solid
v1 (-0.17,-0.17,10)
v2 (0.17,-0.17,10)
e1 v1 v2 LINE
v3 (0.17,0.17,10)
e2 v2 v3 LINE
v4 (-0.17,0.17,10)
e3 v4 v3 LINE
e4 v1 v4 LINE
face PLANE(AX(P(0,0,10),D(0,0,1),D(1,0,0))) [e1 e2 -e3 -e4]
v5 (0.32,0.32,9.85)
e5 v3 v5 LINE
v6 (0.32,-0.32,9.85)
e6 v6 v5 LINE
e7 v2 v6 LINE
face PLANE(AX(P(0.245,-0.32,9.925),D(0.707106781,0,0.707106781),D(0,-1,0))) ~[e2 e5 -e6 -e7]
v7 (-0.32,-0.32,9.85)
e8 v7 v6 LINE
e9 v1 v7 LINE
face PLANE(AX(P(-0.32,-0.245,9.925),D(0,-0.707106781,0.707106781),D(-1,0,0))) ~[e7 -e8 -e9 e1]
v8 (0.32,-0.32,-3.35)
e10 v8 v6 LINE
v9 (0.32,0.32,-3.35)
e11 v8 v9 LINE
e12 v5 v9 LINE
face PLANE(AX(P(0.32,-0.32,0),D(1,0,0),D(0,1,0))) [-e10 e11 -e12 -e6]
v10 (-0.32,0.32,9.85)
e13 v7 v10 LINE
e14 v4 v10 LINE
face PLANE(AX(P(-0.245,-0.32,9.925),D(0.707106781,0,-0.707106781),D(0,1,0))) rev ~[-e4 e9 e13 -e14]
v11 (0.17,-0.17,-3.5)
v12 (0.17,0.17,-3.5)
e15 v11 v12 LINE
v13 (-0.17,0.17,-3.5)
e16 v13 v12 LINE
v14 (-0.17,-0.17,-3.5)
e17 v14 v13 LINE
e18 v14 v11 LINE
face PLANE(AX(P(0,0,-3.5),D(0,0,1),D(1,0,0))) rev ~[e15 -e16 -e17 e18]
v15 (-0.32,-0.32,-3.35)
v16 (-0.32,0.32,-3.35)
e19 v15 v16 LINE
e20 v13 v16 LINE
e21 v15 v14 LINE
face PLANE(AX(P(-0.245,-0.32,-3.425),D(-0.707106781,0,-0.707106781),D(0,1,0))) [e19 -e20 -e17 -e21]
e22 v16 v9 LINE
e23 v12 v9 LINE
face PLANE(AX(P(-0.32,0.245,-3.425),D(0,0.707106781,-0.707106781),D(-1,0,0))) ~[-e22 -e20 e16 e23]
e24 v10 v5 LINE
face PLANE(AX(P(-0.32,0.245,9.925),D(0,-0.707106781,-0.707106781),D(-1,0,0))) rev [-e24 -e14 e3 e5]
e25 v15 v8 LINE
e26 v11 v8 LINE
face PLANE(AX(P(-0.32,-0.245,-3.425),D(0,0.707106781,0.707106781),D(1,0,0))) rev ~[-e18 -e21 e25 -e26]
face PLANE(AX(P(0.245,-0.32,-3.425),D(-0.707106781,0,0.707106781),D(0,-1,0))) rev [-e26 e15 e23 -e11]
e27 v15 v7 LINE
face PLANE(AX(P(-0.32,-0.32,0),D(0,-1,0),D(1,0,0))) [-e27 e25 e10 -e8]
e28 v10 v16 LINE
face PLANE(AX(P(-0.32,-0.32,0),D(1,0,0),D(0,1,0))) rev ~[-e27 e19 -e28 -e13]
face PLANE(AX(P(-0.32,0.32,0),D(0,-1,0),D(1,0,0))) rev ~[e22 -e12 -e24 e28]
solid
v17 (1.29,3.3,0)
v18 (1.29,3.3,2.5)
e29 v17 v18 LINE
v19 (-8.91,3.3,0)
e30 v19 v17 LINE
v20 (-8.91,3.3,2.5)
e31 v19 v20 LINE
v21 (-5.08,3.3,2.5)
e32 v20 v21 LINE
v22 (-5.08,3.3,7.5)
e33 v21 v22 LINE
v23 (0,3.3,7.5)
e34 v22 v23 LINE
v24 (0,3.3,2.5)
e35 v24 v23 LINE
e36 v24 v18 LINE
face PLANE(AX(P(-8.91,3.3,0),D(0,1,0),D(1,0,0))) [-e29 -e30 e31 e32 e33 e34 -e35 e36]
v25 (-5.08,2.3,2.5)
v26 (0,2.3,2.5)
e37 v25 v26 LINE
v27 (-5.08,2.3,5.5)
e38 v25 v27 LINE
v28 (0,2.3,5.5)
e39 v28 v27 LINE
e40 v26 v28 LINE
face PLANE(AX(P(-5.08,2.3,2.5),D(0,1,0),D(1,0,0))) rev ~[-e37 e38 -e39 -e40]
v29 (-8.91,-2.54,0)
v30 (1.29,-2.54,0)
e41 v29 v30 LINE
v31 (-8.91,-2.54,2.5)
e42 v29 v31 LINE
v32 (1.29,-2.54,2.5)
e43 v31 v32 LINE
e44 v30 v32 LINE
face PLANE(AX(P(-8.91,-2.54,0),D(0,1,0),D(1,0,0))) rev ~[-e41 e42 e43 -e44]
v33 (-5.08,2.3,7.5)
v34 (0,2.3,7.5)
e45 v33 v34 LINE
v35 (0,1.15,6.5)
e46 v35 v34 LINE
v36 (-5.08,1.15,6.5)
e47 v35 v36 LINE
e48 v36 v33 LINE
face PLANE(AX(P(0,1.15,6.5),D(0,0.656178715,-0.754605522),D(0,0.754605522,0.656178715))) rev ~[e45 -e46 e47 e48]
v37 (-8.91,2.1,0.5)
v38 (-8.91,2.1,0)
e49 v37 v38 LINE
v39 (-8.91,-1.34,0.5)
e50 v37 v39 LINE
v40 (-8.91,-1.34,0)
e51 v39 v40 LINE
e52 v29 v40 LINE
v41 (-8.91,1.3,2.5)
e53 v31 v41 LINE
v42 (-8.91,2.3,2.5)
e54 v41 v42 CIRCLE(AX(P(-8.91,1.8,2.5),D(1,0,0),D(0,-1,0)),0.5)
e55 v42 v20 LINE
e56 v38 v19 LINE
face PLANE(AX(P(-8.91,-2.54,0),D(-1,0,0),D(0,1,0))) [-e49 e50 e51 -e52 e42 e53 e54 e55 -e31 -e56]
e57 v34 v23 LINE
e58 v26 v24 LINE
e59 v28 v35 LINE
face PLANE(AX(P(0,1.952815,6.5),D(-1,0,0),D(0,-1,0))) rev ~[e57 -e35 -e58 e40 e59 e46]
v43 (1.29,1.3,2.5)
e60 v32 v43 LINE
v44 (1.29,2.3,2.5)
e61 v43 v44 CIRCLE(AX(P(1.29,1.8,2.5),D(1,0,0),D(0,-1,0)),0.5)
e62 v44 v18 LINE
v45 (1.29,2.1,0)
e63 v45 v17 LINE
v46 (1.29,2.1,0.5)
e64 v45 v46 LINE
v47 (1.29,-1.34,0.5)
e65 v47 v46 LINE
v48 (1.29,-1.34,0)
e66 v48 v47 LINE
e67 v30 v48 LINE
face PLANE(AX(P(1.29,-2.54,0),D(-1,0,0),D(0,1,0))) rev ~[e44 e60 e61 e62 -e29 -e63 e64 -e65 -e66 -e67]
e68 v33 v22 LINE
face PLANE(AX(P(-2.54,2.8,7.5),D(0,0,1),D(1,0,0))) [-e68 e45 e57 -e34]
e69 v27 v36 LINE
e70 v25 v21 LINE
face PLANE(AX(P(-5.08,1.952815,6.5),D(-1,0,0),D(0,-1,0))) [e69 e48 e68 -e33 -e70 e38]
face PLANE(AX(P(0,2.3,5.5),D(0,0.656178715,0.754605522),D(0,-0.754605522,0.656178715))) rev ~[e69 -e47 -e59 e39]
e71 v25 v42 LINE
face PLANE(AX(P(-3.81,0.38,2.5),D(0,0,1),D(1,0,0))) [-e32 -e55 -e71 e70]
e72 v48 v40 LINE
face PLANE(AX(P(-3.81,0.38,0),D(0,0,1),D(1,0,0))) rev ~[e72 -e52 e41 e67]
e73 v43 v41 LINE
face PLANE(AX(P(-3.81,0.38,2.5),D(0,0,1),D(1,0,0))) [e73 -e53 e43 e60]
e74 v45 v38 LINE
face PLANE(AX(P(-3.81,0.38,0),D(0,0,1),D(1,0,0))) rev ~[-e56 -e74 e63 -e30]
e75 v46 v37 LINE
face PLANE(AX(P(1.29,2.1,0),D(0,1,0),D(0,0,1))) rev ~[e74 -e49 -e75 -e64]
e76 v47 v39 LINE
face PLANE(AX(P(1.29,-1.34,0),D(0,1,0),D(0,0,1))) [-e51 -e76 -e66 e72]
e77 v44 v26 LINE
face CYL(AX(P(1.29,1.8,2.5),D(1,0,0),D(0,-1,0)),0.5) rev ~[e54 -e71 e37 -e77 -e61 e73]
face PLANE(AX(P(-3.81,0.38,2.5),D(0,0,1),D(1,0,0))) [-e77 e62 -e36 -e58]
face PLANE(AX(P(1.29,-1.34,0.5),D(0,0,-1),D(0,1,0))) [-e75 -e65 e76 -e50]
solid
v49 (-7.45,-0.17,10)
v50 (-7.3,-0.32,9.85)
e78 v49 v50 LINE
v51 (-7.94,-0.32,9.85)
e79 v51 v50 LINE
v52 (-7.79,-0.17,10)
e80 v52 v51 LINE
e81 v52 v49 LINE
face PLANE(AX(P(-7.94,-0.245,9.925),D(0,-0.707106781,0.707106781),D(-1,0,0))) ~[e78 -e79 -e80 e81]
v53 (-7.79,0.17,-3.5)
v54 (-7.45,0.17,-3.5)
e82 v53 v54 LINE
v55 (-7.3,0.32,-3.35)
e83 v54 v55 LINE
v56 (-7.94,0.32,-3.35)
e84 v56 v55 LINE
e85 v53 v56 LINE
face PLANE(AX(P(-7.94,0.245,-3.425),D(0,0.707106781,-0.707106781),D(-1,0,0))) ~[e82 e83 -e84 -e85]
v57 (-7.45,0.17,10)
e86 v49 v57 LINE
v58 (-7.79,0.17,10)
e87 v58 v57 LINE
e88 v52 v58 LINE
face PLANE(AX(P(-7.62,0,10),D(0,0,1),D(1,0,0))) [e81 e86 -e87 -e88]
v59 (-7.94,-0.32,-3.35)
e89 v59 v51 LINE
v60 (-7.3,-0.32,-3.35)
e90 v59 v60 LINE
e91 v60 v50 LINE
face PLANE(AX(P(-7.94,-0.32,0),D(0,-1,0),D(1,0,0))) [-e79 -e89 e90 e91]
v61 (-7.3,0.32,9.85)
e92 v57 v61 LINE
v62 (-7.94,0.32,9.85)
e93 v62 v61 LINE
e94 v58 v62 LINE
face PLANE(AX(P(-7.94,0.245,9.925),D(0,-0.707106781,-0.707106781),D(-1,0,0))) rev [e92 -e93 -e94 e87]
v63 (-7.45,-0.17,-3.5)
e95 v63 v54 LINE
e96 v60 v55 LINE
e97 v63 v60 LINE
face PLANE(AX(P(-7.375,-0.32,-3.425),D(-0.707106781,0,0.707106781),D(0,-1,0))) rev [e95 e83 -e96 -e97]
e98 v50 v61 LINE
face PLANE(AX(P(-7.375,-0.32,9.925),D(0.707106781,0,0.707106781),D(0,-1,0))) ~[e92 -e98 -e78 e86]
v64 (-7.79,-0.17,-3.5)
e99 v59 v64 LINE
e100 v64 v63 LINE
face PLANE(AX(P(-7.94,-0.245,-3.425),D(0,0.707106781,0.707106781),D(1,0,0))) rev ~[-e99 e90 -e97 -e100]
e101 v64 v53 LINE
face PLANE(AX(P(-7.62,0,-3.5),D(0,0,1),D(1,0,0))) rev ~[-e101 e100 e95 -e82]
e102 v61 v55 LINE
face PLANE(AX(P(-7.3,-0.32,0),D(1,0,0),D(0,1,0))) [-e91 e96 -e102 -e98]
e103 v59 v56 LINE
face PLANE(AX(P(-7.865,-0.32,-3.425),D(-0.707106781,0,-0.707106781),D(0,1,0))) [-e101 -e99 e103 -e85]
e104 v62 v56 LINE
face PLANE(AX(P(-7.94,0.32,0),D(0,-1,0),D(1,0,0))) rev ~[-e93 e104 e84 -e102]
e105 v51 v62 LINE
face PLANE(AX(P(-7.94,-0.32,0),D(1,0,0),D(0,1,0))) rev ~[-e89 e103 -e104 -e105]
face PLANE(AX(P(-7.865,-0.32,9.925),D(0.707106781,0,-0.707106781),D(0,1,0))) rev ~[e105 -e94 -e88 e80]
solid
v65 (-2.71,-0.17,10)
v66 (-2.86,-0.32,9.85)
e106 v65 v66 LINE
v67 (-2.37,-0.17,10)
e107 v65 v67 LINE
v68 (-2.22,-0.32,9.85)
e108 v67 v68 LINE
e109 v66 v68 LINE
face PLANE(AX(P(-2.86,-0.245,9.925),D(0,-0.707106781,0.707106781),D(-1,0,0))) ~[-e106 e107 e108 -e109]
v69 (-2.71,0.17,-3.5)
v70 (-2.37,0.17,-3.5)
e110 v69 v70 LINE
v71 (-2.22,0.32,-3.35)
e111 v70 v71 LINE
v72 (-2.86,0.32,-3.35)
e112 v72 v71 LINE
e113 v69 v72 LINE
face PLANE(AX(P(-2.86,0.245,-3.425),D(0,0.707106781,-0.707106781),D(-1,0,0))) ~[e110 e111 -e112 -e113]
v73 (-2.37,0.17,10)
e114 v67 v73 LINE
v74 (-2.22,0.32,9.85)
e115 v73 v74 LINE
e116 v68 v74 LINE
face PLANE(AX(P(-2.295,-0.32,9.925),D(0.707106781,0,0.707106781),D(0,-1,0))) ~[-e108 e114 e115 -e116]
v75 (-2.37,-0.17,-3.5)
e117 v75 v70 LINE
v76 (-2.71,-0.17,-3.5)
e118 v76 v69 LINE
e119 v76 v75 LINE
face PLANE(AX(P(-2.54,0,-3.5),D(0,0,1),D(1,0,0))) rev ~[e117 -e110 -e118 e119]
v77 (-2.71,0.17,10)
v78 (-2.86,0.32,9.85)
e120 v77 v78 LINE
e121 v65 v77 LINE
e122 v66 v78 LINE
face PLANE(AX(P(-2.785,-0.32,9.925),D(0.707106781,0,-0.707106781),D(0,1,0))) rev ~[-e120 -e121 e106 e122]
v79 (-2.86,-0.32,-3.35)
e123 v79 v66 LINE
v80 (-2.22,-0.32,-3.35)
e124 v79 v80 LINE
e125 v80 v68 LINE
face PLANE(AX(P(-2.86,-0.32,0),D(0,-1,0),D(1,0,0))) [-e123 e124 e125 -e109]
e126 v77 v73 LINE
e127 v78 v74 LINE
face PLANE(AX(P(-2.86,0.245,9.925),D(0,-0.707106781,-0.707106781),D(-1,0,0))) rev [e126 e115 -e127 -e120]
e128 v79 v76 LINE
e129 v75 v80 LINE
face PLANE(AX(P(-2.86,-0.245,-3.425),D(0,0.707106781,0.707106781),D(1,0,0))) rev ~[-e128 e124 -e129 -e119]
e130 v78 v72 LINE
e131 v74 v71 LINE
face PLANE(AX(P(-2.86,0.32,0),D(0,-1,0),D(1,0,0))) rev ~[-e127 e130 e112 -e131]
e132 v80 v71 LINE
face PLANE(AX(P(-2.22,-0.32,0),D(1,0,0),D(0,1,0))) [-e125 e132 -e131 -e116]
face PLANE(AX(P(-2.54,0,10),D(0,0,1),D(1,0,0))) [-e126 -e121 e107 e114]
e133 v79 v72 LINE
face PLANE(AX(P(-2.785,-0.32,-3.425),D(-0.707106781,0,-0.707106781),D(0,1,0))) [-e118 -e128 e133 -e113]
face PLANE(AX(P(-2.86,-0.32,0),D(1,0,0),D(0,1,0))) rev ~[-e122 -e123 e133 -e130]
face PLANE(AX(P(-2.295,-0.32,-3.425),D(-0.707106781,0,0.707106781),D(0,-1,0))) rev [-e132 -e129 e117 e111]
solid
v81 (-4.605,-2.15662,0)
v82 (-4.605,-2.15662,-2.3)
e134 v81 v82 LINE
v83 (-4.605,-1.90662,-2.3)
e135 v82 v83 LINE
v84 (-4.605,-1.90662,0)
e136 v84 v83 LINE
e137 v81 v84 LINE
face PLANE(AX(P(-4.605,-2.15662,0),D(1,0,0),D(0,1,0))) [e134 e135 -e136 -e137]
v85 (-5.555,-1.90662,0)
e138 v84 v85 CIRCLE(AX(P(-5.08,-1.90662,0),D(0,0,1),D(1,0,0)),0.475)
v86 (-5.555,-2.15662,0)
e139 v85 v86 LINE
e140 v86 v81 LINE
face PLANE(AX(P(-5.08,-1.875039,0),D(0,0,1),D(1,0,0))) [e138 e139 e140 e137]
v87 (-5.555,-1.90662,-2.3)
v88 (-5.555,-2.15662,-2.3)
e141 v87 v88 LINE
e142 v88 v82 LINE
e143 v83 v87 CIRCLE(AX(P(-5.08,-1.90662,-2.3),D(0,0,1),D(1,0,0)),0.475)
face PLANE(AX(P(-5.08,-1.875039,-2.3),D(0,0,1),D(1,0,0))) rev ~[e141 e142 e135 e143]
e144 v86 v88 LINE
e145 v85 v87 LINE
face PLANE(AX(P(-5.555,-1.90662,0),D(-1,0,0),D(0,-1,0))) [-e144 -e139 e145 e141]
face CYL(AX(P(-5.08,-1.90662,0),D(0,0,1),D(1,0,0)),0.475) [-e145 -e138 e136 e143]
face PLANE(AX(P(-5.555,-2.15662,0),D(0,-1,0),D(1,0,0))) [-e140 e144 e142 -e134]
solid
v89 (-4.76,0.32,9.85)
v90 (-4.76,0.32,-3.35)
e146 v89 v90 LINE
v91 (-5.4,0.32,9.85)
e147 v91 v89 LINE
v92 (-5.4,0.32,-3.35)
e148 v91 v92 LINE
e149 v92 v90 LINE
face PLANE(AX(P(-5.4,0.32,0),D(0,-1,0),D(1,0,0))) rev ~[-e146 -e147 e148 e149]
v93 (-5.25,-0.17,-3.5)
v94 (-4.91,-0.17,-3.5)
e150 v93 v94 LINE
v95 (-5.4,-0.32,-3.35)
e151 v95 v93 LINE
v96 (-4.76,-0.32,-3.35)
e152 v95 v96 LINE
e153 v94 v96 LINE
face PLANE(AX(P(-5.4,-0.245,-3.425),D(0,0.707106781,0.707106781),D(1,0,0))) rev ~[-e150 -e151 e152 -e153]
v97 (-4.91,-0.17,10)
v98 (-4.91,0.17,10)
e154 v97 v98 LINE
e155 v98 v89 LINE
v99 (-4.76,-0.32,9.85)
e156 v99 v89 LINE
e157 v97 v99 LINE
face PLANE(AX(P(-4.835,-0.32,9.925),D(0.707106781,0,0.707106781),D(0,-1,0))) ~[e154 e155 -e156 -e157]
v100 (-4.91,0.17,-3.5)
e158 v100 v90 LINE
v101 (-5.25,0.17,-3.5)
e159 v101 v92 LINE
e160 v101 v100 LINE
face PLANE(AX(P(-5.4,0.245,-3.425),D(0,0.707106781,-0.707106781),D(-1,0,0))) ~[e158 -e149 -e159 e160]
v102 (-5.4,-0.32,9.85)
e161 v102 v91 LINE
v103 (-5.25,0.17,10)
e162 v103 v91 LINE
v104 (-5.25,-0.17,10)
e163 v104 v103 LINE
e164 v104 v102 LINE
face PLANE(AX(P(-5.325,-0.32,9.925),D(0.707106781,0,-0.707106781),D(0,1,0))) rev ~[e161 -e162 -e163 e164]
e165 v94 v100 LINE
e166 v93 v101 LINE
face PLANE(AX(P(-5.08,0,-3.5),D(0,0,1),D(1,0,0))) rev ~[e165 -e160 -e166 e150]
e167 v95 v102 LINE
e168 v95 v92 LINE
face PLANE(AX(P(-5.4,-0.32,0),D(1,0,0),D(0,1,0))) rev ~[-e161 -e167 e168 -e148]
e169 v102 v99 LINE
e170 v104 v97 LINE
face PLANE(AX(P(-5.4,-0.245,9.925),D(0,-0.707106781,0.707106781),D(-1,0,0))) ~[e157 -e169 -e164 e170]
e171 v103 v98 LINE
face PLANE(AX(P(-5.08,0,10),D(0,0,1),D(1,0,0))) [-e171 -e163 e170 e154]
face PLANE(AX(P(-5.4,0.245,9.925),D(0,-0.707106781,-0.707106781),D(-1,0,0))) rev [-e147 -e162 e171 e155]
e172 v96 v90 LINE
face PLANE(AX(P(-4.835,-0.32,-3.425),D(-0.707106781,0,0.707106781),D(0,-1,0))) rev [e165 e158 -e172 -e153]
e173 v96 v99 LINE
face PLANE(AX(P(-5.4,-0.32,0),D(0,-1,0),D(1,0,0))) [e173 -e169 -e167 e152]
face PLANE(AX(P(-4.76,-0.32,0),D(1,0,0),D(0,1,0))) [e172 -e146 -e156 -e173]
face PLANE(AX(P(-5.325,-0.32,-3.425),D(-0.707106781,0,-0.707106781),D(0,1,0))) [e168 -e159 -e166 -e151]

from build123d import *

# Parameters (mm, degrees)
SKETCH_W          = 10.2
SKETCH_H          = 5.84
PAD_DEPTH         = 2.5
SKETCH001_W       = 5.08
SKETCH001_H       = 1
PAD001_DEPTH      = 5
PAD002_DEPTH      = 5.08
POCKET_DEPTH      = 10.201
SKETCH017_W       = 3.44
SKETCH017_H       = 0.5
POCKET001_DEPTH   = 10.201
PAD007_DEPTH      = 2.3
SKETCH011_W       = 0.64
SKETCH011_H       = 0.64
PAD003_DEPTH      = 10
PAD003_DEPTH_BACK = 3.5
CHAMFER_SIZE      = 0.15
CHAMFER004_SIZE   = 0.15
SKETCH012_W       = 0.64
SKETCH012_H       = 0.64
PAD004_DEPTH      = 10
PAD004_DEPTH_BACK = 3.5
CHAMFER001_SIZE   = 0.15
CHAMFER005_SIZE   = 0.15
SKETCH013_W       = 0.64
SKETCH013_H       = 0.64
PAD005_DEPTH      = 10
PAD005_DEPTH_BACK = 3.5
CHAMFER002_SIZE   = 0.15
CHAMFER006_SIZE   = 0.15
SKETCH014_W       = 0.64
SKETCH014_H       = 0.64
PAD006_DEPTH      = 10
PAD006_DEPTH_BACK = 3.5
CHAMFER003_SIZE   = 0.15
CHAMFER007_SIZE   = 0.15


with BuildPart() as pocket001:
    # Sketch → Pad (new body)
    with BuildSketch(Plane.XY):
        with Locations((-3.81, 0.38)):
            Rectangle(SKETCH_W, SKETCH_H)
    extrude(amount=PAD_DEPTH)

    # Sketch001 → Pad001 (new body)
    with BuildSketch(Plane.XY.offset(2.5)):
        with Locations((-2.54, 2.8)):
            Rectangle(SKETCH001_W, SKETCH001_H)
    extrude(amount=PAD001_DEPTH)

    # Sketch002 → Pad002 (new body)
    with BuildSketch(Plane.YZ):
        Polygon((2.3, 7.5), (2.3, 5.5), (1.15, 6.5), align=None)
    extrude(amount=-PAD002_DEPTH)

    # Sketch015 → Pocket (cut, through all)
    with BuildSketch(Plane.YZ.offset(1.29)):
        with BuildLine():
            ThreePointArc((1.3, 2.5), (1.8, 2), (2.3, 2.5))
            Line((1.3, 2.5), (2.3, 2.5))
        make_face()
    extrude(amount=-POCKET_DEPTH, mode=Mode.SUBTRACT)

    # Sketch017 → Pocket001 (cut, through all)
    with BuildSketch(Plane.YZ.offset(1.29)):
        with Locations((0.38, 0.25)):
            Rectangle(SKETCH017_W, SKETCH017_H)
    extrude(amount=-POCKET001_DEPTH, mode=Mode.SUBTRACT)


with BuildPart() as pad007:
    # Sketch018 → Pad007 (new body)
    with BuildSketch(Plane.XY):
        with BuildLine():
            Line((-4.605, -2.15662), (-4.605, -1.90662))
            ThreePointArc((-4.605, -1.90662), (-5.08, -1.43162), (-5.555, -1.90662))
            Line((-5.555, -1.90662), (-5.555, -2.15662))
            Line((-5.555, -2.15662), (-4.605, -2.15662))
        make_face()
    extrude(amount=-PAD007_DEPTH)


with BuildPart() as chamfer004:
    # Sketch011 → Pad003 (new body, two sides)
    with BuildSketch(Plane.XY) as pad003_sk:
        Rectangle(SKETCH011_W, SKETCH011_H)
    extrude(amount=PAD003_DEPTH)
    extrude(pad003_sk.sketch, amount=-PAD003_DEPTH_BACK)

    # Chamfer
    chamfer_edges = [chamfer004.edges().sort_by_distance(p)[0] for p in [
        (0, 0.32, 10),
        (0.32, 0, 10),
        (0, -0.32, 10),
        (-0.32, 0, 10),
    ]]
    chamfer(chamfer_edges, length=CHAMFER_SIZE)

    # Chamfer004
    chamfer004_edges = [chamfer004.edges().sort_by_distance(p)[0] for p in [
        (0, 0.32, -3.5),
        (0.32, 0, -3.5),
        (0, -0.32, -3.5),
        (-0.32, 0, -3.5),
    ]]
    chamfer(chamfer004_edges, length=CHAMFER004_SIZE)


with BuildPart() as chamfer005:
    # Sketch012 → Pad004 (new body, two sides)
    with BuildSketch(Plane.XY) as pad004_sk:
        with Locations((-2.54, 0)):
            Rectangle(SKETCH012_W, SKETCH012_H)
    extrude(amount=PAD004_DEPTH)
    extrude(pad004_sk.sketch, amount=-PAD004_DEPTH_BACK)

    # Chamfer001
    chamfer001_edges = [chamfer005.edges().sort_by_distance(p)[0] for p in [
        (-2.54, 0.32, 10),
        (-2.22, 0, 10),
        (-2.54, -0.32, 10),
        (-2.86, 0, 10),
    ]]
    chamfer(chamfer001_edges, length=CHAMFER001_SIZE)

    # Chamfer005
    chamfer005_edges = [chamfer005.edges().sort_by_distance(p)[0] for p in [
        (-2.54, 0.32, -3.5),
        (-2.22, 0, -3.5),
        (-2.54, -0.32, -3.5),
        (-2.86, 0, -3.5),
    ]]
    chamfer(chamfer005_edges, length=CHAMFER005_SIZE)


with BuildPart() as chamfer006:
    # Sketch013 → Pad005 (new body, two sides)
    with BuildSketch(Plane.XY) as pad005_sk:
        with Locations((-5.08, 0)):
            Rectangle(SKETCH013_W, SKETCH013_H)
    extrude(amount=PAD005_DEPTH)
    extrude(pad005_sk.sketch, amount=-PAD005_DEPTH_BACK)

    # Chamfer002
    chamfer002_edges = [chamfer006.edges().sort_by_distance(p)[0] for p in [
        (-5.08, 0.32, 10),
        (-4.76, 0, 10),
        (-5.08, -0.32, 10),
        (-5.4, 0, 10),
    ]]
    chamfer(chamfer002_edges, length=CHAMFER002_SIZE)

    # Chamfer006
    chamfer006_edges = [chamfer006.edges().sort_by_distance(p)[0] for p in [
        (-5.08, 0.32, -3.5),
        (-4.76, 0, -3.5),
        (-5.08, -0.32, -3.5),
        (-5.4, 0, -3.5),
    ]]
    chamfer(chamfer006_edges, length=CHAMFER006_SIZE)


with BuildPart() as chamfer007:
    # Sketch014 → Pad006 (new body, two sides)
    with BuildSketch(Plane.XY) as pad006_sk:
        with Locations((-7.62, 0)):
            Rectangle(SKETCH014_W, SKETCH014_H)
    extrude(amount=PAD006_DEPTH)
    extrude(pad006_sk.sketch, amount=-PAD006_DEPTH_BACK)

    # Chamfer003
    chamfer003_edges = [chamfer007.edges().sort_by_distance(p)[0] for p in [
        (-7.62, 0.32, 10),
        (-7.3, 0, 10),
        (-7.62, -0.32, 10),
        (-7.94, 0, 10),
    ]]
    chamfer(chamfer003_edges, length=CHAMFER003_SIZE)

    # Chamfer007
    chamfer007_edges = [chamfer007.edges().sort_by_distance(p)[0] for p in [
        (-7.62, 0.32, -3.5),
        (-7.3, 0, -3.5),
        (-7.62, -0.32, -3.5),
        (-7.94, 0, -3.5),
    ]]
    chamfer(chamfer007_edges, length=CHAMFER007_SIZE)


solid = Compound([pocket001.part, pad007.part, chamfer004.part, chamfer005.part, chamfer006.part, chamfer007.part])
